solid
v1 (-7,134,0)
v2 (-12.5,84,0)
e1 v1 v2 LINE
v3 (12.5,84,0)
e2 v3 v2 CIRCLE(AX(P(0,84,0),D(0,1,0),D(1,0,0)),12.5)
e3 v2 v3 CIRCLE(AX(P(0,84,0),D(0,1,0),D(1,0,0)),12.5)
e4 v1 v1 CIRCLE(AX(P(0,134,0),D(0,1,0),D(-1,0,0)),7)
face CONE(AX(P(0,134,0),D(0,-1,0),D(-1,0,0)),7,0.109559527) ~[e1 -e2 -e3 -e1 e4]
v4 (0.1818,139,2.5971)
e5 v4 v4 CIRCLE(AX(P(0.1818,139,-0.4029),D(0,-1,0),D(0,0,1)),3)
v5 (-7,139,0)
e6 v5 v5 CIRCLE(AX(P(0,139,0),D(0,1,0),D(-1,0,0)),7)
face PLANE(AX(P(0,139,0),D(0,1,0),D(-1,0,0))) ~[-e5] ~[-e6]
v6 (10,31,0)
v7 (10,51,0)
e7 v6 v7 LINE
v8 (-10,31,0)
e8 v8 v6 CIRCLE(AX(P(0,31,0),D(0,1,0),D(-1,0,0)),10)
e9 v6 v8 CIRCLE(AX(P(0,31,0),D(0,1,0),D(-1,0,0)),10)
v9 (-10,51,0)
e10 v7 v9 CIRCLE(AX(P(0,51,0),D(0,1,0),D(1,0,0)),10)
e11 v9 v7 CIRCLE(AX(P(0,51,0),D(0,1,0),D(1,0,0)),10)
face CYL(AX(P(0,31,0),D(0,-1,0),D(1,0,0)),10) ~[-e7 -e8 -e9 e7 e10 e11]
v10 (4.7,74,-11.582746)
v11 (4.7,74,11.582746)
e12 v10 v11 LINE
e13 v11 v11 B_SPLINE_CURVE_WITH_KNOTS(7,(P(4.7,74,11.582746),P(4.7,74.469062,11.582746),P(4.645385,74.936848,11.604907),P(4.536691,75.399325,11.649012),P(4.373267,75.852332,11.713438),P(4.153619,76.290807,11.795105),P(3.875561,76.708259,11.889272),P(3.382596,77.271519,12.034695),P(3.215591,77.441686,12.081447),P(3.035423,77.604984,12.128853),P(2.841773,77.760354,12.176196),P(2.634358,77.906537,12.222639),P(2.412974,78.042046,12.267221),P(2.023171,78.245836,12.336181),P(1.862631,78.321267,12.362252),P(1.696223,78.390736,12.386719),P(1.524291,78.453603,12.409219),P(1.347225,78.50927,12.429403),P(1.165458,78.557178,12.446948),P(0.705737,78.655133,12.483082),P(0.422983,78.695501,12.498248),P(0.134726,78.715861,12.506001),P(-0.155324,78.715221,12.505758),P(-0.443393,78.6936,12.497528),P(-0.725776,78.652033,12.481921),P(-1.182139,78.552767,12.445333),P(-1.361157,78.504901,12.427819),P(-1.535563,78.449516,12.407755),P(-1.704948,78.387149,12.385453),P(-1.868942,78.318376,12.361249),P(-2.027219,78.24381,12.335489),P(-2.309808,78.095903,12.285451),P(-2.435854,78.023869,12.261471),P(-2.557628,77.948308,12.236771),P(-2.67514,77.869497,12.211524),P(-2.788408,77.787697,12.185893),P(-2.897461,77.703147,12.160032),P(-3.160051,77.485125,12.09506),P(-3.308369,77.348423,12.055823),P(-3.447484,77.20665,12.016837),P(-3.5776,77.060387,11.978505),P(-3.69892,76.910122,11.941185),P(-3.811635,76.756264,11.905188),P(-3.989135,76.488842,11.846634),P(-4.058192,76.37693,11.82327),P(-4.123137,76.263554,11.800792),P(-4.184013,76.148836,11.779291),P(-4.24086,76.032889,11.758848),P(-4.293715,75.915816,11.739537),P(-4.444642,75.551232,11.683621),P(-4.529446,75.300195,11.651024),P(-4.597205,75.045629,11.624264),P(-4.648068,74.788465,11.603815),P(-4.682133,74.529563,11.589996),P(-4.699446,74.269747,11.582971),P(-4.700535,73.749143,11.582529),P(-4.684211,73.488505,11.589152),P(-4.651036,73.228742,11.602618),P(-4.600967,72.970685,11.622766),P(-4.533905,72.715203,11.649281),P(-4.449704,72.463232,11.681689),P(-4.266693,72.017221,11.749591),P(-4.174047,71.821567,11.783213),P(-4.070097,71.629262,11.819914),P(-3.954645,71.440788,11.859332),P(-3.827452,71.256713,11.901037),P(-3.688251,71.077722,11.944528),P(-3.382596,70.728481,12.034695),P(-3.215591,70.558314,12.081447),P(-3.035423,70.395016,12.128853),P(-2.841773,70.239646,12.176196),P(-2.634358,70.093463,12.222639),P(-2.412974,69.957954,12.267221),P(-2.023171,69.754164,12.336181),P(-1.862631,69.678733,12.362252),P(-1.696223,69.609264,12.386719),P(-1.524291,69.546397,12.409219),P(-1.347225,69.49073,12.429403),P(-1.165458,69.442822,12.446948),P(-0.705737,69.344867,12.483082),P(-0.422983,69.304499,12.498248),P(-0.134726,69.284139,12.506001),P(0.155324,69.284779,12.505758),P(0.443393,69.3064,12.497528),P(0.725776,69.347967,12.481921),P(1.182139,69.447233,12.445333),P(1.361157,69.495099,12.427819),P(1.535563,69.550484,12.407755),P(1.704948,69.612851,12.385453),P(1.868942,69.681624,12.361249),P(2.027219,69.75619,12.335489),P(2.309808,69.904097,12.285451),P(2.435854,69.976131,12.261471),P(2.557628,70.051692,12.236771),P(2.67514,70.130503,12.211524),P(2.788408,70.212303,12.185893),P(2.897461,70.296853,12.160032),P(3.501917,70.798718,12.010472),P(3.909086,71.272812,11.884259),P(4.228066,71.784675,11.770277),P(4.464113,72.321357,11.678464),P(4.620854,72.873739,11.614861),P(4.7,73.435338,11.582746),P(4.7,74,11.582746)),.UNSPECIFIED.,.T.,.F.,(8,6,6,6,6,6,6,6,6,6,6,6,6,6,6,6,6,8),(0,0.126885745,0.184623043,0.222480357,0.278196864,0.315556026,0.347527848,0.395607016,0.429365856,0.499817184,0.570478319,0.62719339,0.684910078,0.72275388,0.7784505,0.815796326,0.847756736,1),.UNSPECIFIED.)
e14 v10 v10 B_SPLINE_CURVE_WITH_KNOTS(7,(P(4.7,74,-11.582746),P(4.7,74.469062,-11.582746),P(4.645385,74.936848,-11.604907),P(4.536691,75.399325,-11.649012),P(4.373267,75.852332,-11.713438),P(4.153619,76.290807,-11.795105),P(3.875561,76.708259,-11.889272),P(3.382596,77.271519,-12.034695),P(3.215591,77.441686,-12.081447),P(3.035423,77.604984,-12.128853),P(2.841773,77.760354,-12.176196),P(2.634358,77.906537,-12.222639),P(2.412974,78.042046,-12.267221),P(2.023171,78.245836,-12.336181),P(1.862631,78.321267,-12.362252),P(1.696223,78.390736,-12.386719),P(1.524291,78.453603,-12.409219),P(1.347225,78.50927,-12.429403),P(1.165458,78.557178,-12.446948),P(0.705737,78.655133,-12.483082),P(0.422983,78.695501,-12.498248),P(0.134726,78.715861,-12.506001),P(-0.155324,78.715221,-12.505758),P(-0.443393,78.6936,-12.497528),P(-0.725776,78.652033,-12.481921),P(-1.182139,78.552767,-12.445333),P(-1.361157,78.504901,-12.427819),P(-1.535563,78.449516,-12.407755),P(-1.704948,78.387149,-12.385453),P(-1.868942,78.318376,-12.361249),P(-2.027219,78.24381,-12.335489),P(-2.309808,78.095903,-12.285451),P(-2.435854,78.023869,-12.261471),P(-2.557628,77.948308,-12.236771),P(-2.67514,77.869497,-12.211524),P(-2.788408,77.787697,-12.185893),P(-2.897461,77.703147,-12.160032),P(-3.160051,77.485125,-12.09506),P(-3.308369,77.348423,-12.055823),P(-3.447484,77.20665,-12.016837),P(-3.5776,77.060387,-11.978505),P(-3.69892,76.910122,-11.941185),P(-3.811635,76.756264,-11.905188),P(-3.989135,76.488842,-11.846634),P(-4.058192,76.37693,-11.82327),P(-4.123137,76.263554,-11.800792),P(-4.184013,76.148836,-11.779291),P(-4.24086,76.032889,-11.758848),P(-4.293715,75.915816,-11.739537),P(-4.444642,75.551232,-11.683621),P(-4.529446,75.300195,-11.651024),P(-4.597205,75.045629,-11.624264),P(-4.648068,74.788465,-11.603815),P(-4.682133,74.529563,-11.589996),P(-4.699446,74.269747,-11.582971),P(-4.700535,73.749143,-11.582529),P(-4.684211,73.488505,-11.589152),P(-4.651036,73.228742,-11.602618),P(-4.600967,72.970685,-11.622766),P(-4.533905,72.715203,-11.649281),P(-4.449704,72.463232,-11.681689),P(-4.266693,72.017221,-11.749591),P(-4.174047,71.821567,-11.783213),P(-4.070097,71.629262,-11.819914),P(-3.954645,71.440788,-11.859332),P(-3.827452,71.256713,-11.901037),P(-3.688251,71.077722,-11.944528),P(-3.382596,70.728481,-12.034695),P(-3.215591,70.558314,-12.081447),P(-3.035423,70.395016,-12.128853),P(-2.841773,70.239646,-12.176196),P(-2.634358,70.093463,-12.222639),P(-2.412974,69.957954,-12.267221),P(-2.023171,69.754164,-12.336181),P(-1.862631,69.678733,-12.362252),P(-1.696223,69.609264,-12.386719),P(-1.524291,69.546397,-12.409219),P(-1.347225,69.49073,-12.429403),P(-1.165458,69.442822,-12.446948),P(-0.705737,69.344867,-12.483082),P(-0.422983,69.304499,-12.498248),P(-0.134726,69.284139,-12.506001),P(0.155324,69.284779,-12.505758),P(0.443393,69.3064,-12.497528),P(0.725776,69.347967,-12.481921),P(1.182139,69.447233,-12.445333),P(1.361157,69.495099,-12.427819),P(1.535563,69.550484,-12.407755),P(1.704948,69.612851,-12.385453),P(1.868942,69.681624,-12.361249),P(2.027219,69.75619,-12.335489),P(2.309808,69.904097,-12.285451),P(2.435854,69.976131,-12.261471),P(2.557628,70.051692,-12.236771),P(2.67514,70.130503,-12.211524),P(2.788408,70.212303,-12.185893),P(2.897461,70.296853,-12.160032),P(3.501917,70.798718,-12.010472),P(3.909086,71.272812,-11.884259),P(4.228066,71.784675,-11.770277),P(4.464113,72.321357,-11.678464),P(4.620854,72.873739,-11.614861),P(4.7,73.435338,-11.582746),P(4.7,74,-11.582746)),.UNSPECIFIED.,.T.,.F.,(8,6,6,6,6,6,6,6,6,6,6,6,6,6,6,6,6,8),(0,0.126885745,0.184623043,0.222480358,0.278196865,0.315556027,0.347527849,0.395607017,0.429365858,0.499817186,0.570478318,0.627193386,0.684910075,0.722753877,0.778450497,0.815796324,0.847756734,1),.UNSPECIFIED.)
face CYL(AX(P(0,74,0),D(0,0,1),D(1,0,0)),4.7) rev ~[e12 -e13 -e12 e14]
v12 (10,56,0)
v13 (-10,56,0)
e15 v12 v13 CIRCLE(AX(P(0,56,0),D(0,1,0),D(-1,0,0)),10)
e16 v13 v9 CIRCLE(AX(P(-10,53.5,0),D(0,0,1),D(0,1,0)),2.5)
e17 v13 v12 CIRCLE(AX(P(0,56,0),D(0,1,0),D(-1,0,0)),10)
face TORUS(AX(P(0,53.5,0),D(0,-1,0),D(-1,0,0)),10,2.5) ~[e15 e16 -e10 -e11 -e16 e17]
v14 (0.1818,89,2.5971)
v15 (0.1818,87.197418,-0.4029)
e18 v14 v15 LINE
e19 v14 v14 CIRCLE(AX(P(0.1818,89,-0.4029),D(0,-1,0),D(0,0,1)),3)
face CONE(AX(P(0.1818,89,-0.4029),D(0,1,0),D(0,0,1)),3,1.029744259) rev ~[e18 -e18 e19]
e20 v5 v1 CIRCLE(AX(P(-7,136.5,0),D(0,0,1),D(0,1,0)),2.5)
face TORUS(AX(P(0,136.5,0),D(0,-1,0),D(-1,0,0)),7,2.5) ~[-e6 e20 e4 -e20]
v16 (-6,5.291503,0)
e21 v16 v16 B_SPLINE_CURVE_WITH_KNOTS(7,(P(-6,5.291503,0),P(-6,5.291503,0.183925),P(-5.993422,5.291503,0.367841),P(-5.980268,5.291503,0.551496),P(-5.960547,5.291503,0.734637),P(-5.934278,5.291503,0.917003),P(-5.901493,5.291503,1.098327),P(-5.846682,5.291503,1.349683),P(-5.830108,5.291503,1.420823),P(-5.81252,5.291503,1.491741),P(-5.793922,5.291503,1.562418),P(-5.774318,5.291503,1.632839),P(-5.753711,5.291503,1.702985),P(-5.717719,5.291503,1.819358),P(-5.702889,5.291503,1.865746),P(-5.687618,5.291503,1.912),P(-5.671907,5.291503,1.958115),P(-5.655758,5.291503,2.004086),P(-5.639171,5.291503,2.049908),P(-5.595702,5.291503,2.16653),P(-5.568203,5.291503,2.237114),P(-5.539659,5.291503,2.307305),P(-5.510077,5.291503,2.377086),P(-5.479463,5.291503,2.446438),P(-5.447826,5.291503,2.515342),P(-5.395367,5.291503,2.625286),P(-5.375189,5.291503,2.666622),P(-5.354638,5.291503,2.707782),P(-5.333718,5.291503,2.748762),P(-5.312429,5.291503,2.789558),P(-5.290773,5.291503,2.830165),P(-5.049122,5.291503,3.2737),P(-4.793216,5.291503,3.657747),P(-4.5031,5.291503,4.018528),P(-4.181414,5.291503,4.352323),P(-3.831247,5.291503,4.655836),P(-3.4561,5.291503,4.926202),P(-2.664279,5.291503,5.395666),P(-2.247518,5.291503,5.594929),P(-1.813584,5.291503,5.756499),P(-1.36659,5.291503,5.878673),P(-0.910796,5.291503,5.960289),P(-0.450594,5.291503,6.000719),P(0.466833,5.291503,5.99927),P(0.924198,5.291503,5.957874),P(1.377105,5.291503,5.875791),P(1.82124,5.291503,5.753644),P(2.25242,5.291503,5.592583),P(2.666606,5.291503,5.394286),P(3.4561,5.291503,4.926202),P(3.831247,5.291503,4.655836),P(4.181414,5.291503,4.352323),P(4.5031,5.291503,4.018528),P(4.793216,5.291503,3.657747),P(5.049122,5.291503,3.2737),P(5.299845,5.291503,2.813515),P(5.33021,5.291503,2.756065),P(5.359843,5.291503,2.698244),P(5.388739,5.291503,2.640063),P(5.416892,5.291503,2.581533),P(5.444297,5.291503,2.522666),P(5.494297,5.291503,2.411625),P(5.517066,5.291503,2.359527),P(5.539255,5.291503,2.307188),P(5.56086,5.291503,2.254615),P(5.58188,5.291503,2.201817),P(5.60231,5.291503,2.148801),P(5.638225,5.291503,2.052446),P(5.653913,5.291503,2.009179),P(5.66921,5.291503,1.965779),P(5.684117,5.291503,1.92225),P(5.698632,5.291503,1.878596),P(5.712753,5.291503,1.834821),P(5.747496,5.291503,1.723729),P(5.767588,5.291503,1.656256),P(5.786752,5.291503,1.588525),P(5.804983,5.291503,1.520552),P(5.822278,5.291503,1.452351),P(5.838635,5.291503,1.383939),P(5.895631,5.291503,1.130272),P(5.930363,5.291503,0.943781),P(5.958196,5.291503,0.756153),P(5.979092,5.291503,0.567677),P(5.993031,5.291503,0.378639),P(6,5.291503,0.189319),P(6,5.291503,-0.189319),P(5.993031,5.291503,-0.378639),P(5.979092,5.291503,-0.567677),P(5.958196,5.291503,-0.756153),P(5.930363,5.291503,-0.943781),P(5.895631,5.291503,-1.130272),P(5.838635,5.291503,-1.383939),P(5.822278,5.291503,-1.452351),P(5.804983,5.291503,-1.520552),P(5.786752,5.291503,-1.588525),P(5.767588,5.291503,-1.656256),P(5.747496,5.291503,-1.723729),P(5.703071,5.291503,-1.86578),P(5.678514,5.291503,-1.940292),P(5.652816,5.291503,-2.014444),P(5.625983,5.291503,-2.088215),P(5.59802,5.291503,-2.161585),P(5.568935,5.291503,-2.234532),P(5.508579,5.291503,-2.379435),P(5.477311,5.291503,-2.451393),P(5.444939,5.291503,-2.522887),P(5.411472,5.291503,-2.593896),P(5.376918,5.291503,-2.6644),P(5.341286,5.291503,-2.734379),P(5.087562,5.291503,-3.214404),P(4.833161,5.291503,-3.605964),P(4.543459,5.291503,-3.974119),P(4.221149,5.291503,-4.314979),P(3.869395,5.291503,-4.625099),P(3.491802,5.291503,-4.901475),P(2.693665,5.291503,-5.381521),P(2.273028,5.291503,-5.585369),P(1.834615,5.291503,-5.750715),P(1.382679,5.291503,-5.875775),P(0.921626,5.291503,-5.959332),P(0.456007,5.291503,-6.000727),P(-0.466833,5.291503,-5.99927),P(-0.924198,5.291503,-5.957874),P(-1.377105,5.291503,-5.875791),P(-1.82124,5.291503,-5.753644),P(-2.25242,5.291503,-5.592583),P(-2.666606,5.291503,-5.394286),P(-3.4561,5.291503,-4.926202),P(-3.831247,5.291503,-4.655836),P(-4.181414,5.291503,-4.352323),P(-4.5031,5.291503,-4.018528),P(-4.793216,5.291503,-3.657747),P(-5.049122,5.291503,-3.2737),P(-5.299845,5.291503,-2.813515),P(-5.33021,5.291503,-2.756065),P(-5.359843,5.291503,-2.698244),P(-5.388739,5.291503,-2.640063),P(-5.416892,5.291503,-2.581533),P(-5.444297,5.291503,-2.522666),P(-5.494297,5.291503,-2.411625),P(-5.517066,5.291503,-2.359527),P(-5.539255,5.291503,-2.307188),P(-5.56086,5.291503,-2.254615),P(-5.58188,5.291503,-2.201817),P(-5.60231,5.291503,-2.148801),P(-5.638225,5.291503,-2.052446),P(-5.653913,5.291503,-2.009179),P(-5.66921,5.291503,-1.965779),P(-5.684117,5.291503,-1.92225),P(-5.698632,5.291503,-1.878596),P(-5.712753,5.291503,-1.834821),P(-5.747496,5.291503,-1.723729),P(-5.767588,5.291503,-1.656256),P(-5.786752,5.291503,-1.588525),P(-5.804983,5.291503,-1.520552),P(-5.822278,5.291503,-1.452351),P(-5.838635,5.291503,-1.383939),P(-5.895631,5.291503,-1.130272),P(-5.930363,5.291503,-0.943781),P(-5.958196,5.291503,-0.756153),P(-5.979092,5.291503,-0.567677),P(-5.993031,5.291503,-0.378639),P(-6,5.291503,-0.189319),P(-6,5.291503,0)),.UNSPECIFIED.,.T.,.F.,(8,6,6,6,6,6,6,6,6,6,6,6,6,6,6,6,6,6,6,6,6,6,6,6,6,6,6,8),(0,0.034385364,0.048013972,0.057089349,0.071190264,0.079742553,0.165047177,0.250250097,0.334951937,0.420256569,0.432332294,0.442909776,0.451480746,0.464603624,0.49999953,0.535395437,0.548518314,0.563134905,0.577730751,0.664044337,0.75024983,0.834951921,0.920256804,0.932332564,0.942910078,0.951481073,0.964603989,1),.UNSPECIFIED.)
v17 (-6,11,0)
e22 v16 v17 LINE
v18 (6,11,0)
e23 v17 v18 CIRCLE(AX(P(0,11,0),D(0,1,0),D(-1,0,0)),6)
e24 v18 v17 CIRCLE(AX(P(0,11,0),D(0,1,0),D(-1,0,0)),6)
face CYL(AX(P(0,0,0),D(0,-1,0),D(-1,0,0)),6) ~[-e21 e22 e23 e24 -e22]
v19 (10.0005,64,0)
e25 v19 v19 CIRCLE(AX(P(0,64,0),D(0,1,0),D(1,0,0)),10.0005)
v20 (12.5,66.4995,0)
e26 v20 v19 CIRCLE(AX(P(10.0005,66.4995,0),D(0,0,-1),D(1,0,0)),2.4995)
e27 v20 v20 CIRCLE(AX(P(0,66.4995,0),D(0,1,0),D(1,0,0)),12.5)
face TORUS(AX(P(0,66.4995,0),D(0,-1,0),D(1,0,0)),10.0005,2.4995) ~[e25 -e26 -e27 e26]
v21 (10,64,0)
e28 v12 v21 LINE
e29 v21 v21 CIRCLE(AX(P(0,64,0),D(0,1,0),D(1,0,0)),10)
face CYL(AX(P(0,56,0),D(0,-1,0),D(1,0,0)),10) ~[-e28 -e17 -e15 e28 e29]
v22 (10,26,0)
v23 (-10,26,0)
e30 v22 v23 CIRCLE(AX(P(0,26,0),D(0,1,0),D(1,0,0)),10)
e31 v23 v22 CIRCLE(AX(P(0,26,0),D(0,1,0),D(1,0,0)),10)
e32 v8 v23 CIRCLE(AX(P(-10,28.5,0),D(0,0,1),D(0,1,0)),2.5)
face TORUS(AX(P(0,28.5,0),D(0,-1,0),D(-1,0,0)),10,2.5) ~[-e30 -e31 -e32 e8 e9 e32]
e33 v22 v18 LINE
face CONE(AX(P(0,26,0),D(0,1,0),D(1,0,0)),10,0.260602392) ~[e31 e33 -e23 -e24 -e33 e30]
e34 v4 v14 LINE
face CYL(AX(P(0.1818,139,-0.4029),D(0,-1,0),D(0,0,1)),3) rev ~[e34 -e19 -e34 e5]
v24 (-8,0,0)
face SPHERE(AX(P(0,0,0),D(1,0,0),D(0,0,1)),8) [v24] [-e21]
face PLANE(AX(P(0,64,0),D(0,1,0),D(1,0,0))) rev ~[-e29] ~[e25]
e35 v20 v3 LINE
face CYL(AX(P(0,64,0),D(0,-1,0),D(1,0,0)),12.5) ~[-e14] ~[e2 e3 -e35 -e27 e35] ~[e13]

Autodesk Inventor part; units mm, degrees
ref_plane "YZ Plane" through (0, 0, 0) normal (1, 0, 0) x (0, 1, 0)
ref_plane "XZ Plane" through (0, 0, 0) normal (0, 1, 0) x (-1, 0, 0)
ref_plane "XY Plane" through (0, 0, 0) normal (0, 0, 1) x (1, 0, 0)
sketch "Sketch1" plane through (0, 0, 0) normal (0, 1, 0) x (-1, 0, 0)
  arc A0 (8, 0) -> (-8, 0) centre (0, 0) ccw
  line L0 (8, 0) -> (-8, 0)
  point P0 (0, 0)
  dimension "d0" = 16
  dimension "d1" = 8
revolve "Revolution1" add sketch "Sketch1" angle 360 about axis through (-8, 0, 0) along (1, 0, 0)
sketch "Sketch2" plane through (0, 0, 0) normal (0, 1, 0) x (-1, 0, 0)
  circle A0 centre (0, 0) radius 6
  dimension "d3" = 12
extrude "Extrusion1" add sketch "Sketch2" along normal blind 11
sketch "Sketch3" plane through (0, 0, 0) normal (0, 0, 1) x (1, 0, 0)
  line L0 (6, 11) -> (-6, 11) projected
  line L1 (0, 11) -> (0, 26)
  line L2 (0, 26) -> (10, 26)
  line L3 (10, 26) -> (6, 11)
  point P0 (0, 0)
  dimension "d6" = 15
  dimension "d7" = 10
revolve "Revolution2" add sketch "Sketch3" angle 360 about axis through (0, 11, 0) along (0, 1, 0)
sketch "Sketch4" plane through (0, 0, 0) normal (0, 0, 1) x (1, 0, 0)
  line L0 (-10, 26) -> (10, 26) projected
  line L1 (0, 26) -> (0, 31)
  line L2 (0, 31) -> (-10, 31)
  arc A0 (-10, 31) -> (-10, 26) centre (-10, 28.5) ccw
  point P0 (0, 0)
  dimension "d9" = 5
  dimension "d10" = 10
  dimension "d11" = 2.5
revolve "Revolution3" add sketch "Sketch4" angle 360 about axis through (0, 26, 0) along (0, 1, 0)
sketch "Sketch5" plane through (0, 31, 0) normal (0, 1, 0) x (1, 0, 0)
  point P0 (0, 0)
sketch "Sketch6" plane through (0, 31, 0) normal (0, 1, 0) x (1, 0, 0)
  circle A0 centre (0, 0) radius 10
  dimension "d13" = 20
extrude "Extrusion2" add sketch "Sketch6" along normal blind 20
sketch "Sketch7" plane through (0, 0, 0) normal (0, 0, 1) x (1, 0, 0)
  line L0 (10, 51) -> (-10, 51) projected
  line L1 (0, 51) -> (0, 56)
  line L2 (0, 56) -> (-10, 56)
  arc A0 (-10, 56) -> (-10, 51) centre (-10, 53.5) ccw
  point P0 (0, 0)
  dimension "d16" = 5
  dimension "d17" = 10
  dimension "d18" = 2.5
revolve "Revolution4" add sketch "Sketch7" angle 360 about axis through (0, 51, 0) along (0, 1, 0)
sketch "Sketch8" plane through (0, 56, 0) normal (0, 1, 0) x (1, 0, 0)
  circle A0 centre (0, 0) radius 10
  dimension "d20" = 20
extrude "Extrusion3" add sketch "Sketch8" along normal blind 8
sketch "Sketch9" plane through (0, 64, 0) normal (0, 1, 0) x (1, 0, 0)
  circle A0 centre (0, 0) radius 12.5
  dimension "d23" = 25
extrude "Extrusion4" add sketch "Sketch9" along normal blind 20
fillet "Fillet1" radius 2.5 1 edges at (-12.5, 64, 0)
sketch "Sketch10" plane through (0, 0, 0) normal (0, 0, 1) x (1, 0, 0)
  point P0 (0, 0)
sketch "Sketch11" plane through (0, 0, 0) normal (0, 0, 1) x (1, 0, 0)
  line L0 (12.5, 84) -> (-12.5, 84) projected
  line L1 (0, 84) -> (0, 134)
  line L2 (0, 134) -> (-7, 134)
  line L3 (-7, 134) -> (-12.5, 84)
  point P0 (0, 0)
  dimension "d27" = 50
  dimension "d28" = 7
revolve "Revolution5" add sketch "Sketch11" angle 360 about axis through (0, 84, 0) along (0, 1, 0)
sketch "Sketch12" plane through (0, 0, 0) normal (0, 0, 1) x (1, 0, 0)
  line L0 (7, 134) -> (-7, 134) projected
  line L1 (0, 134) -> (0, 139)
  line L2 (0, 139) -> (-7, 139)
  arc A0 (-7, 139) -> (-7, 134) centre (-7, 136.5) ccw
  point P0 (0, 0)
  dimension "d30" = 5
  dimension "d31" = 7
  dimension "d32" = 2.5
revolve "Revolution6" add sketch "Sketch12" angle 360 about axis through (0, 134, 0) along (0, 1, 0)
sketch "Sketch13" plane through (0, 0, 0) normal (0, 0, 1) x (1, 0, 0)
  circle A0 centre (0, 74) radius 4.7
  line L0 (7, 139) -> (-7, 139) projected
  point P0 (0, 0)
  dimension "d34" = 9.4
  dimension "d35" = 65
extrude "Extrusion5" cut sketch "Sketch13" against normal through all both and the other way through all
sketch "Sketch14" plane through (0, 139, 0) normal (0, 1, 0) x (1, 0, 0)
  point P0 (0, 0)
  point P1 (0.1818, 0.4029)
hole "Hole1" at (0.1818, 139, -0.4029) direction (0, -1, 0) diameter 6 depth 50 tip angle 118
properties part number "Cannon" material "Stainless Steel"
